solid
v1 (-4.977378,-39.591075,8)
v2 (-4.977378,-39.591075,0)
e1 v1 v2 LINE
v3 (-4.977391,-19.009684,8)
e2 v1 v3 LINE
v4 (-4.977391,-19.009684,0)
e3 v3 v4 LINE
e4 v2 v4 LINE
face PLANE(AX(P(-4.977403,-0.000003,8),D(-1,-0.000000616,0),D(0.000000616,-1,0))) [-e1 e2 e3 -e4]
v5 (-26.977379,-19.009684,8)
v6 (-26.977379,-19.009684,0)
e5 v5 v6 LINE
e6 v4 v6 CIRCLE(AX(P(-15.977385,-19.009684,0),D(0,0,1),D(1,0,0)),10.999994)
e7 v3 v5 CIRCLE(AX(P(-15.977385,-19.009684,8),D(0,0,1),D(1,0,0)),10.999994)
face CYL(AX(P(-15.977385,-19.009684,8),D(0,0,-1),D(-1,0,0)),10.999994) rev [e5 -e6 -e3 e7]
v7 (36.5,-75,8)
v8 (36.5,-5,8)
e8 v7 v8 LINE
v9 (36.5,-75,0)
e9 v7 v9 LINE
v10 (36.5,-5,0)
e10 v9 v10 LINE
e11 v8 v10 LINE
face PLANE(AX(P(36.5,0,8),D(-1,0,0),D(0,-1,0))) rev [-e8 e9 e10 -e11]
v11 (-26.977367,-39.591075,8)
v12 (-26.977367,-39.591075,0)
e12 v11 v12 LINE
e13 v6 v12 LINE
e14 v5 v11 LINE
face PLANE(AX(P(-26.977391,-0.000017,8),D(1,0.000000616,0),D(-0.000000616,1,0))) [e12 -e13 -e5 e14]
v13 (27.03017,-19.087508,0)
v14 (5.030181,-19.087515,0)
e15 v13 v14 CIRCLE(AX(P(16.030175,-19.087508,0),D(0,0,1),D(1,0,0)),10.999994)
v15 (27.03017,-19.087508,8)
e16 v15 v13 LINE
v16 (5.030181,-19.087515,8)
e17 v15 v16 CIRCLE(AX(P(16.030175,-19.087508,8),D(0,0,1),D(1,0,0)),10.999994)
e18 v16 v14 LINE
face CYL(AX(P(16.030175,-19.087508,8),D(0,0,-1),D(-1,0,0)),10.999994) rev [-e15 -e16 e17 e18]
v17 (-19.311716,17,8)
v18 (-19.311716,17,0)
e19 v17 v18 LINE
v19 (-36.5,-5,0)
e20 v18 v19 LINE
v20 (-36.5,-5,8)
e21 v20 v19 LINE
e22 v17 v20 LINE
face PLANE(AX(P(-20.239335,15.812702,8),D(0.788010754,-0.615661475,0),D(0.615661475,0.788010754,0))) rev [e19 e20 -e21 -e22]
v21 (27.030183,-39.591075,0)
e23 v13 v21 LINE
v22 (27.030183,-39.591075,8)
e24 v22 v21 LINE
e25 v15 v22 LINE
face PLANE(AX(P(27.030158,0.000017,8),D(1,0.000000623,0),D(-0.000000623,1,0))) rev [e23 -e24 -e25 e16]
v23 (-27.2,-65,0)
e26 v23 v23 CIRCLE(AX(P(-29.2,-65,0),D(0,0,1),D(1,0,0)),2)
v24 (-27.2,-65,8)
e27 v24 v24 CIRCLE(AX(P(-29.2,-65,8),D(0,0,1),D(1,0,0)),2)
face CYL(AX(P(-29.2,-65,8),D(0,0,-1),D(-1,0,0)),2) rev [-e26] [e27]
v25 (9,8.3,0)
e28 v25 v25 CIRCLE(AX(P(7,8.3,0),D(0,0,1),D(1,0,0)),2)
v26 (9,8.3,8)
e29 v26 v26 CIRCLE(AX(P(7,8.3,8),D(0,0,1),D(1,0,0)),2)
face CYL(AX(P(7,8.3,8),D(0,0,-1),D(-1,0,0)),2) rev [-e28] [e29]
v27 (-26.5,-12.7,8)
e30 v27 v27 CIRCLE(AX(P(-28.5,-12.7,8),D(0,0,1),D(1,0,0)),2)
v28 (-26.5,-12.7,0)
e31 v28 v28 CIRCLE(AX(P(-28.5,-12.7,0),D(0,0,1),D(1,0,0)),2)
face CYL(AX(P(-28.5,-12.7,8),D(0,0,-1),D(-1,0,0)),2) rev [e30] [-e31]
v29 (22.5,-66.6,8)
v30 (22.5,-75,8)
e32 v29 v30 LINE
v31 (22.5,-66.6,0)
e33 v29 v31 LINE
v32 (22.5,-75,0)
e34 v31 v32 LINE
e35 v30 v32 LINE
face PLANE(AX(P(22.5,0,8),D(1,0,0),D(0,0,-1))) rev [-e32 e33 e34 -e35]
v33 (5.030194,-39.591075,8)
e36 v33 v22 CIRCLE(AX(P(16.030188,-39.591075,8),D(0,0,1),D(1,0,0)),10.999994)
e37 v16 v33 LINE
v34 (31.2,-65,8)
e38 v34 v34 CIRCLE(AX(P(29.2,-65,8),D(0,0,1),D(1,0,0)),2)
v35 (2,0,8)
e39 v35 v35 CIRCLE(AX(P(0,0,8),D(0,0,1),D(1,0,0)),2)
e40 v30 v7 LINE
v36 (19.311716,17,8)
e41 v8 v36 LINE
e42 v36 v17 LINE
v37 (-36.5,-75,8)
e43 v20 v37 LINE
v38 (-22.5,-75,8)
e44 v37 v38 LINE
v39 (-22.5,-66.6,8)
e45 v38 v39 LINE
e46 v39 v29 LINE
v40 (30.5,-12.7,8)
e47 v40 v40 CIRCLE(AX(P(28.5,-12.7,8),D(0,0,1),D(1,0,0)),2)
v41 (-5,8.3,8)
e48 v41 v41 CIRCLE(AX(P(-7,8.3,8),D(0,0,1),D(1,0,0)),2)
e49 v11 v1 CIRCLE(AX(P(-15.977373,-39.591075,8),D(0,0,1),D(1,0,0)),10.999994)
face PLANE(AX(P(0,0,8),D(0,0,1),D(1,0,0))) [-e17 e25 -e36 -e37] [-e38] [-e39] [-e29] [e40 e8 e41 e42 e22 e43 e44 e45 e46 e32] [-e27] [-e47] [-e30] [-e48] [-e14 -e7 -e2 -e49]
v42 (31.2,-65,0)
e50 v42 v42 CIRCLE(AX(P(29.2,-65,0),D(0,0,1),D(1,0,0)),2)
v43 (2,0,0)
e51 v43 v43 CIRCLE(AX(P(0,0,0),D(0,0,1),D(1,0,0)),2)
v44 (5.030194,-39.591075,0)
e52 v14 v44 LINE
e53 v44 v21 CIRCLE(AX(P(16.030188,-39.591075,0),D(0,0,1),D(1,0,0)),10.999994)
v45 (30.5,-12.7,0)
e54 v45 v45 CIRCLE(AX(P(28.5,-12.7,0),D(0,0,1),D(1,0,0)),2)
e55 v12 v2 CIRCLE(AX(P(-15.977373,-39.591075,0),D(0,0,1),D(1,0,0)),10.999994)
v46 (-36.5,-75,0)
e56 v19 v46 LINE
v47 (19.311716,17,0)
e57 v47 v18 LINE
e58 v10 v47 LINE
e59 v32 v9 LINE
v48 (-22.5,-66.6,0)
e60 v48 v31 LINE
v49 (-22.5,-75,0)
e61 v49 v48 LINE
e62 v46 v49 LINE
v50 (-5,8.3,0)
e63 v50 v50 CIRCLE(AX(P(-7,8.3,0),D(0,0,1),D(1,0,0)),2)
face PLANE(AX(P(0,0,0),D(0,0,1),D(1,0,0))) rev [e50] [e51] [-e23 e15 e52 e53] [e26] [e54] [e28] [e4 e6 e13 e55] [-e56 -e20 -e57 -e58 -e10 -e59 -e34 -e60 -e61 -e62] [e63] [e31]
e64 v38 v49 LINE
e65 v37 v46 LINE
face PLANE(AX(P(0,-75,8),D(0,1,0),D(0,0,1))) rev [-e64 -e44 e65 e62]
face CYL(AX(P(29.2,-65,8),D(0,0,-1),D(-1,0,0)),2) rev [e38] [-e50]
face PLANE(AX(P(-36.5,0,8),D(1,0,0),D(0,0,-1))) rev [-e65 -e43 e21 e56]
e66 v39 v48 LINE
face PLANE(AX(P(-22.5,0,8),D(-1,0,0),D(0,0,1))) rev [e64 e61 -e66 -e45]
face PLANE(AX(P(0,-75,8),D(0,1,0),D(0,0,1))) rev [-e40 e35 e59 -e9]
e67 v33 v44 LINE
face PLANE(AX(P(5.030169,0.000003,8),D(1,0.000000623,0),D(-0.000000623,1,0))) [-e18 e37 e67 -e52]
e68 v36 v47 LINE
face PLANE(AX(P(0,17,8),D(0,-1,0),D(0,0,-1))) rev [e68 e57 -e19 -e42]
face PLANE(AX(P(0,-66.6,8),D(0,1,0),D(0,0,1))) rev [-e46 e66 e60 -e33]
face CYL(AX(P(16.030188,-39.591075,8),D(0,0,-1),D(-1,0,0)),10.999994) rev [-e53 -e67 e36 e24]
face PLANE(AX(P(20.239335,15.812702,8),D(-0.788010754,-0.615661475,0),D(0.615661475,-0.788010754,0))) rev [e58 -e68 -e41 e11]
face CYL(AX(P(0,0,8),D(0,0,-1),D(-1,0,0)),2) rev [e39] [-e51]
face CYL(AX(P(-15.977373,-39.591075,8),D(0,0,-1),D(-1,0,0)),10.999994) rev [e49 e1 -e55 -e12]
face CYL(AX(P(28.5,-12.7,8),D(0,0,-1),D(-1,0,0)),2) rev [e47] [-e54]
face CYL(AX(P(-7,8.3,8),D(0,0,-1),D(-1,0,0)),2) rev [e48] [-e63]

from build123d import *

# Parameters (mm, degrees)
ESBO_O2_R                = 2
RESSALTO_EXTRUS_O1_DEPTH = 8


with BuildPart() as part:
    # Esboço2 → Ressalto-extrusão1 (new body)
    with BuildSketch(Plane.XY):
        Polygon((36.5, -75), (36.5, -5), (19.311716217, 17), (-19.311716217, 17), (-36.5, -5), (-36.5, -75), (-22.499999998, -75), (-22.499999998, -66.599999996), (22.499999998, -66.599999996), (22.499999998, -75), align=None)
        with Locations((28.5, -12.7)):
            Circle(ESBO_O2_R, mode=Mode.SUBTRACT)
        with Locations((29.2, -65)):
            Circle(ESBO_O2_R, mode=Mode.SUBTRACT)
        with Locations((-29.2, -65)):
            Circle(ESBO_O2_R, mode=Mode.SUBTRACT)
        with Locations((-28.5, -12.7)):
            Circle(ESBO_O2_R, mode=Mode.SUBTRACT)
        with Locations((7, 8.3)):
            Circle(ESBO_O2_R, mode=Mode.SUBTRACT)
        with Locations((-7, 8.3)):
            Circle(ESBO_O2_R, mode=Mode.SUBTRACT)
        Circle(ESBO_O2_R, mode=Mode.SUBTRACT)
        with BuildLine():
            ThreePointArc((5.030193795, -39.591075239), (16.030188189, -50.591069634), (27.030182584, -39.591075239))
            Line((27.030182584, -39.591075239), (27.030169807, -19.087507994))
            ThreePointArc((27.030169807, -19.087507994), (16.030168558, -8.087513599), (5.030181018, -19.087507994))
            Line((5.030181018, -19.087507994), (5.030193795, -39.591075239))
        make_face(mode=Mode.SUBTRACT)
        with BuildLine():
            ThreePointArc((-26.977366802, -39.591075239), (-15.977372644, -50.591069397), (-4.977378486, -39.591075239))
            Line((-4.977378486, -39.591075239), (-4.977391172, -19.009684113))
            ThreePointArc((-4.977391172, -19.009684113), (-15.977385329, -8.009689955), (-26.977379487, -19.009684113))
            Line((-26.977379487, -19.009684113), (-26.977366802, -39.591075239))
        make_face(mode=Mode.SUBTRACT)
    extrude(amount=RESSALTO_EXTRUS_O1_DEPTH)


solid = part.part
